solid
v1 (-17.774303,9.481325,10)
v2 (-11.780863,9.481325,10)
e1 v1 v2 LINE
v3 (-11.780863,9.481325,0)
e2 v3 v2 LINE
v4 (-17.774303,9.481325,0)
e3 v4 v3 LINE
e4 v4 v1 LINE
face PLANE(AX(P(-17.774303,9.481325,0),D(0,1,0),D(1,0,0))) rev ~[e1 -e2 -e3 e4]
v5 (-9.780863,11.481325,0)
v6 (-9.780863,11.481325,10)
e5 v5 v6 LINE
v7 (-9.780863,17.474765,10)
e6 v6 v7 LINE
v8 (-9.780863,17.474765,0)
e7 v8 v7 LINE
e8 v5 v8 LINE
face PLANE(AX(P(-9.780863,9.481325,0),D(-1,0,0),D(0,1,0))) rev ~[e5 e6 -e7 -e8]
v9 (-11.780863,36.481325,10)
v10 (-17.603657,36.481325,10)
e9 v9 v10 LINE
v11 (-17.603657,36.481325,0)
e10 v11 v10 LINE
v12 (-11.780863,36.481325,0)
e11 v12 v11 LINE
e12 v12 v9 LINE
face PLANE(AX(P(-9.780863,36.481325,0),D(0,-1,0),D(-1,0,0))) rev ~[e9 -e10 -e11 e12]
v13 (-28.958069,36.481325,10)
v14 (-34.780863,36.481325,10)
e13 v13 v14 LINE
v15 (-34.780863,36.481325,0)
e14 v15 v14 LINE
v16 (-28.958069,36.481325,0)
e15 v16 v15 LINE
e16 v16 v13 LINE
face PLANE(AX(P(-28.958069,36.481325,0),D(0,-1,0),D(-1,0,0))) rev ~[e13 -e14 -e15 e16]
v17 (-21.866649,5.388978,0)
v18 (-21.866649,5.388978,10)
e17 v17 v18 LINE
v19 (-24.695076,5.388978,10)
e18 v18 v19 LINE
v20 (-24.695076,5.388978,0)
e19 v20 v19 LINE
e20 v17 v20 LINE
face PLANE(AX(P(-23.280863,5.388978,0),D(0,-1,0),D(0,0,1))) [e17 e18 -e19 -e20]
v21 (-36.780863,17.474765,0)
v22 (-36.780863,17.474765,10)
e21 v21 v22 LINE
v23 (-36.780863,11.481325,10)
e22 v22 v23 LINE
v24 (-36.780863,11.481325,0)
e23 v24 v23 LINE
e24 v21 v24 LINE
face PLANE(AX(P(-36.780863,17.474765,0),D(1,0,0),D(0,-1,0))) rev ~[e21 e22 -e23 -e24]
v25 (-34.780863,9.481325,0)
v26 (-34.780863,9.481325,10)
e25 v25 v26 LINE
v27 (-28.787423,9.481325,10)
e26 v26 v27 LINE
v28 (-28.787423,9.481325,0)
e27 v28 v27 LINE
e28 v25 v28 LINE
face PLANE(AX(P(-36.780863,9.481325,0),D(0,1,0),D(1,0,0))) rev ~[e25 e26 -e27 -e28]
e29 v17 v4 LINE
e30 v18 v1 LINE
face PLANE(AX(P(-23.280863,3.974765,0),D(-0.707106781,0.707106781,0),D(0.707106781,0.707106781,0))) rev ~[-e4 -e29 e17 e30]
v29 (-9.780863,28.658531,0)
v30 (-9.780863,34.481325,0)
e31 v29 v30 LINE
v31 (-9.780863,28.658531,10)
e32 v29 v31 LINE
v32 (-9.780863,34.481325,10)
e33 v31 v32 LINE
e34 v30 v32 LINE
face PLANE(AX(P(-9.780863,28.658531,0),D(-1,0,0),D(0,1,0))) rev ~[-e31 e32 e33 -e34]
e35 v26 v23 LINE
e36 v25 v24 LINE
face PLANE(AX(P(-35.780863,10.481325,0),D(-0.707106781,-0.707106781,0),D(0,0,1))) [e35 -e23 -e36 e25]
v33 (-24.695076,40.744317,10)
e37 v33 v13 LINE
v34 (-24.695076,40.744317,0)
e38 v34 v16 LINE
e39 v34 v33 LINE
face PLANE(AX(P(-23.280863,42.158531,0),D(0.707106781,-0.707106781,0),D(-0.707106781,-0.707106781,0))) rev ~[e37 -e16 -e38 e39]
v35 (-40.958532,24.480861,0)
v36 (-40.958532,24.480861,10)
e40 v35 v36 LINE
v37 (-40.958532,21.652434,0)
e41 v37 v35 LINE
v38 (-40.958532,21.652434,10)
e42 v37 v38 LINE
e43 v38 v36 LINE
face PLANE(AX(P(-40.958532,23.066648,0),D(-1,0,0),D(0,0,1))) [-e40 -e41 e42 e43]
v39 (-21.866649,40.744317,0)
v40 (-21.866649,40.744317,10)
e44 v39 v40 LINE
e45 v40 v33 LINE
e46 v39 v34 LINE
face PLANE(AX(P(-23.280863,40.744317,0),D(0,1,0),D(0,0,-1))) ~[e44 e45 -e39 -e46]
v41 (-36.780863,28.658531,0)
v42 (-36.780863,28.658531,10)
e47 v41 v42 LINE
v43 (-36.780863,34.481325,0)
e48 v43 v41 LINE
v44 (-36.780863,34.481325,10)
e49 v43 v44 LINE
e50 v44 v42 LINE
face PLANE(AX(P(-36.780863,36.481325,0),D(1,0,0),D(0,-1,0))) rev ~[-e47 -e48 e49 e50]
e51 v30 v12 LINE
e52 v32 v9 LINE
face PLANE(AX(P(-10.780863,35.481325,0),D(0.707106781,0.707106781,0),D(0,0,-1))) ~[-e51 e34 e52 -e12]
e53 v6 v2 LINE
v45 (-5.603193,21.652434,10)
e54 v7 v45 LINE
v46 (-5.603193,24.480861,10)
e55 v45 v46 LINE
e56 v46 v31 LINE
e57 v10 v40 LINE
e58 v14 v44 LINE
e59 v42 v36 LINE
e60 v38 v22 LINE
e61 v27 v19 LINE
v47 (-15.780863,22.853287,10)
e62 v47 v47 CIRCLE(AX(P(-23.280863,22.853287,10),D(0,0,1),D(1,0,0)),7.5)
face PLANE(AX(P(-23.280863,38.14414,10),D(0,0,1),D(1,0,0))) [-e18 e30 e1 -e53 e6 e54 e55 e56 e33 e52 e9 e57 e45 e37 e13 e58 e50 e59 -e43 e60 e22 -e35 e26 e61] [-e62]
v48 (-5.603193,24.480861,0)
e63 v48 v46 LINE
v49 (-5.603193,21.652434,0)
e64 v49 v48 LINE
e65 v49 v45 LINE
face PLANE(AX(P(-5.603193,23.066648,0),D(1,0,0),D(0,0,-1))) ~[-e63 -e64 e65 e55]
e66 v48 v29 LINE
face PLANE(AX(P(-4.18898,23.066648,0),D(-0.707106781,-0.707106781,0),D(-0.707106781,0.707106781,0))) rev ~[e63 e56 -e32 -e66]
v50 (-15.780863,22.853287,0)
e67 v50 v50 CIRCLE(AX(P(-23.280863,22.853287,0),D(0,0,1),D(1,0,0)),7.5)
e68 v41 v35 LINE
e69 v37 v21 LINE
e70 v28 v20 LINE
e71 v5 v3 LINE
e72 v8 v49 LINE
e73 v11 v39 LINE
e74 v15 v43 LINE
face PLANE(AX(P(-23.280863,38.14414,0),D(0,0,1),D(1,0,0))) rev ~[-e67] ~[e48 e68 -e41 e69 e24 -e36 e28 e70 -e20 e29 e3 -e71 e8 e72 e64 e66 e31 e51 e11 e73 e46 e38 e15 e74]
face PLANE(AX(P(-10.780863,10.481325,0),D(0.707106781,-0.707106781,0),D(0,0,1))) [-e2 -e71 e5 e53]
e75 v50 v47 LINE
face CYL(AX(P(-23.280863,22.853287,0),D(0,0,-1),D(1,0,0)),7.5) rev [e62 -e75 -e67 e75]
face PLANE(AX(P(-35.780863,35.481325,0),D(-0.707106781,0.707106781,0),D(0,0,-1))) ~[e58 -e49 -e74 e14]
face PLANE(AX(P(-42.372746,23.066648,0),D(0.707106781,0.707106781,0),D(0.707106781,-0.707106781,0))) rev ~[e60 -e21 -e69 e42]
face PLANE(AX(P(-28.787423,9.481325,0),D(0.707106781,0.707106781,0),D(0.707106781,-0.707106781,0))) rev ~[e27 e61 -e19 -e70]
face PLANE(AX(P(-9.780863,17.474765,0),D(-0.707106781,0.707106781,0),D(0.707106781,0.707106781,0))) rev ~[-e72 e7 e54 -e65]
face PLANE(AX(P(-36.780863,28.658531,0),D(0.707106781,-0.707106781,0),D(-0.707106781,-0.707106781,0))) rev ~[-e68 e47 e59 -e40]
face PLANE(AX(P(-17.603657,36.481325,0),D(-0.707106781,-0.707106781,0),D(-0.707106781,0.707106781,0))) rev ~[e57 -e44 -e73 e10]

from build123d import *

# Parameters (mm, degrees)
F0_R     = 7.5
F1_DEPTH = 10
F2_SIZE  = 2
F3_SIZE  = 2


with BuildPart() as f1:
    # F0 (on Top) → F1 (new body)
    with BuildSketch(Plane.XY):
        Polygon((-23.2808627188, 42.1585307921), (-28.9580689277, 36.4813245833), (-17.60365651, 36.4813245833), align=None)
        Polygon((-4.1889796268, 23.0666477001), (-9.7808627188, 28.6585307921), (-9.7808627188, 17.4747646081), align=None)
        Polygon((-17.7743027436, 9.4813245833), (-28.787422694, 9.4813245833), (-23.2808627188, 3.9747646081), align=None)
        Polygon((-17.60365651, 36.4813245833), (-28.9580689277, 36.4813245833), (-36.7808627188, 28.6585307921), (-36.7808627188, 17.4747646081), (-28.787422694, 9.4813245833), (-17.7743027436, 9.4813245833), (-9.7808627188, 17.4747646081), (-9.7808627188, 28.6585307921), align=None)
        with Locations((-23.2808627188, 22.8532869369)):
            Circle(F0_R, mode=Mode.SUBTRACT)
        Polygon((-36.7808627188, 17.4747646081), (-36.7808627188, 28.6585307921), (-42.3727458109, 23.0666477001), align=None)
        Polygon((-9.7808627188, 36.4813245833), (-17.60365651, 36.4813245833), (-9.7808627188, 28.6585307921), align=None)
        Polygon((-28.9580689277, 36.4813245833), (-36.7808627188, 36.4813245833), (-36.7808627188, 28.6585307921), align=None)
        Polygon((-28.787422694, 9.4813245833), (-36.7808627188, 17.4747646081), (-36.7808627188, 9.4813245833), align=None)
        Polygon((-9.7808627188, 9.4813245833), (-9.7808627188, 17.4747646081), (-17.7743027436, 9.4813245833), align=None)
    extrude(amount=F1_DEPTH)

    # F2
    f2_edges = [f1.edges().sort_by_distance(p)[0] for p in [
        (-4.18898, 23.066648, 5),
    ]]
    chamfer(f2_edges, length=F2_SIZE)

    # F3
    f3_edges = [f1.edges().sort_by_distance(p)[0] for p in [
        (-9.780863, 9.481325, 5),
        (-23.280863, 3.974765, 5),
        (-36.780863, 9.481325, 5),
        (-9.780863, 36.481325, 5),
        (-23.280863, 42.158531, 5),
        (-36.780863, 36.481325, 5),
        (-42.372746, 23.066648, 5),
    ]]
    chamfer(f3_edges, length=F3_SIZE)


solid = f1.part
